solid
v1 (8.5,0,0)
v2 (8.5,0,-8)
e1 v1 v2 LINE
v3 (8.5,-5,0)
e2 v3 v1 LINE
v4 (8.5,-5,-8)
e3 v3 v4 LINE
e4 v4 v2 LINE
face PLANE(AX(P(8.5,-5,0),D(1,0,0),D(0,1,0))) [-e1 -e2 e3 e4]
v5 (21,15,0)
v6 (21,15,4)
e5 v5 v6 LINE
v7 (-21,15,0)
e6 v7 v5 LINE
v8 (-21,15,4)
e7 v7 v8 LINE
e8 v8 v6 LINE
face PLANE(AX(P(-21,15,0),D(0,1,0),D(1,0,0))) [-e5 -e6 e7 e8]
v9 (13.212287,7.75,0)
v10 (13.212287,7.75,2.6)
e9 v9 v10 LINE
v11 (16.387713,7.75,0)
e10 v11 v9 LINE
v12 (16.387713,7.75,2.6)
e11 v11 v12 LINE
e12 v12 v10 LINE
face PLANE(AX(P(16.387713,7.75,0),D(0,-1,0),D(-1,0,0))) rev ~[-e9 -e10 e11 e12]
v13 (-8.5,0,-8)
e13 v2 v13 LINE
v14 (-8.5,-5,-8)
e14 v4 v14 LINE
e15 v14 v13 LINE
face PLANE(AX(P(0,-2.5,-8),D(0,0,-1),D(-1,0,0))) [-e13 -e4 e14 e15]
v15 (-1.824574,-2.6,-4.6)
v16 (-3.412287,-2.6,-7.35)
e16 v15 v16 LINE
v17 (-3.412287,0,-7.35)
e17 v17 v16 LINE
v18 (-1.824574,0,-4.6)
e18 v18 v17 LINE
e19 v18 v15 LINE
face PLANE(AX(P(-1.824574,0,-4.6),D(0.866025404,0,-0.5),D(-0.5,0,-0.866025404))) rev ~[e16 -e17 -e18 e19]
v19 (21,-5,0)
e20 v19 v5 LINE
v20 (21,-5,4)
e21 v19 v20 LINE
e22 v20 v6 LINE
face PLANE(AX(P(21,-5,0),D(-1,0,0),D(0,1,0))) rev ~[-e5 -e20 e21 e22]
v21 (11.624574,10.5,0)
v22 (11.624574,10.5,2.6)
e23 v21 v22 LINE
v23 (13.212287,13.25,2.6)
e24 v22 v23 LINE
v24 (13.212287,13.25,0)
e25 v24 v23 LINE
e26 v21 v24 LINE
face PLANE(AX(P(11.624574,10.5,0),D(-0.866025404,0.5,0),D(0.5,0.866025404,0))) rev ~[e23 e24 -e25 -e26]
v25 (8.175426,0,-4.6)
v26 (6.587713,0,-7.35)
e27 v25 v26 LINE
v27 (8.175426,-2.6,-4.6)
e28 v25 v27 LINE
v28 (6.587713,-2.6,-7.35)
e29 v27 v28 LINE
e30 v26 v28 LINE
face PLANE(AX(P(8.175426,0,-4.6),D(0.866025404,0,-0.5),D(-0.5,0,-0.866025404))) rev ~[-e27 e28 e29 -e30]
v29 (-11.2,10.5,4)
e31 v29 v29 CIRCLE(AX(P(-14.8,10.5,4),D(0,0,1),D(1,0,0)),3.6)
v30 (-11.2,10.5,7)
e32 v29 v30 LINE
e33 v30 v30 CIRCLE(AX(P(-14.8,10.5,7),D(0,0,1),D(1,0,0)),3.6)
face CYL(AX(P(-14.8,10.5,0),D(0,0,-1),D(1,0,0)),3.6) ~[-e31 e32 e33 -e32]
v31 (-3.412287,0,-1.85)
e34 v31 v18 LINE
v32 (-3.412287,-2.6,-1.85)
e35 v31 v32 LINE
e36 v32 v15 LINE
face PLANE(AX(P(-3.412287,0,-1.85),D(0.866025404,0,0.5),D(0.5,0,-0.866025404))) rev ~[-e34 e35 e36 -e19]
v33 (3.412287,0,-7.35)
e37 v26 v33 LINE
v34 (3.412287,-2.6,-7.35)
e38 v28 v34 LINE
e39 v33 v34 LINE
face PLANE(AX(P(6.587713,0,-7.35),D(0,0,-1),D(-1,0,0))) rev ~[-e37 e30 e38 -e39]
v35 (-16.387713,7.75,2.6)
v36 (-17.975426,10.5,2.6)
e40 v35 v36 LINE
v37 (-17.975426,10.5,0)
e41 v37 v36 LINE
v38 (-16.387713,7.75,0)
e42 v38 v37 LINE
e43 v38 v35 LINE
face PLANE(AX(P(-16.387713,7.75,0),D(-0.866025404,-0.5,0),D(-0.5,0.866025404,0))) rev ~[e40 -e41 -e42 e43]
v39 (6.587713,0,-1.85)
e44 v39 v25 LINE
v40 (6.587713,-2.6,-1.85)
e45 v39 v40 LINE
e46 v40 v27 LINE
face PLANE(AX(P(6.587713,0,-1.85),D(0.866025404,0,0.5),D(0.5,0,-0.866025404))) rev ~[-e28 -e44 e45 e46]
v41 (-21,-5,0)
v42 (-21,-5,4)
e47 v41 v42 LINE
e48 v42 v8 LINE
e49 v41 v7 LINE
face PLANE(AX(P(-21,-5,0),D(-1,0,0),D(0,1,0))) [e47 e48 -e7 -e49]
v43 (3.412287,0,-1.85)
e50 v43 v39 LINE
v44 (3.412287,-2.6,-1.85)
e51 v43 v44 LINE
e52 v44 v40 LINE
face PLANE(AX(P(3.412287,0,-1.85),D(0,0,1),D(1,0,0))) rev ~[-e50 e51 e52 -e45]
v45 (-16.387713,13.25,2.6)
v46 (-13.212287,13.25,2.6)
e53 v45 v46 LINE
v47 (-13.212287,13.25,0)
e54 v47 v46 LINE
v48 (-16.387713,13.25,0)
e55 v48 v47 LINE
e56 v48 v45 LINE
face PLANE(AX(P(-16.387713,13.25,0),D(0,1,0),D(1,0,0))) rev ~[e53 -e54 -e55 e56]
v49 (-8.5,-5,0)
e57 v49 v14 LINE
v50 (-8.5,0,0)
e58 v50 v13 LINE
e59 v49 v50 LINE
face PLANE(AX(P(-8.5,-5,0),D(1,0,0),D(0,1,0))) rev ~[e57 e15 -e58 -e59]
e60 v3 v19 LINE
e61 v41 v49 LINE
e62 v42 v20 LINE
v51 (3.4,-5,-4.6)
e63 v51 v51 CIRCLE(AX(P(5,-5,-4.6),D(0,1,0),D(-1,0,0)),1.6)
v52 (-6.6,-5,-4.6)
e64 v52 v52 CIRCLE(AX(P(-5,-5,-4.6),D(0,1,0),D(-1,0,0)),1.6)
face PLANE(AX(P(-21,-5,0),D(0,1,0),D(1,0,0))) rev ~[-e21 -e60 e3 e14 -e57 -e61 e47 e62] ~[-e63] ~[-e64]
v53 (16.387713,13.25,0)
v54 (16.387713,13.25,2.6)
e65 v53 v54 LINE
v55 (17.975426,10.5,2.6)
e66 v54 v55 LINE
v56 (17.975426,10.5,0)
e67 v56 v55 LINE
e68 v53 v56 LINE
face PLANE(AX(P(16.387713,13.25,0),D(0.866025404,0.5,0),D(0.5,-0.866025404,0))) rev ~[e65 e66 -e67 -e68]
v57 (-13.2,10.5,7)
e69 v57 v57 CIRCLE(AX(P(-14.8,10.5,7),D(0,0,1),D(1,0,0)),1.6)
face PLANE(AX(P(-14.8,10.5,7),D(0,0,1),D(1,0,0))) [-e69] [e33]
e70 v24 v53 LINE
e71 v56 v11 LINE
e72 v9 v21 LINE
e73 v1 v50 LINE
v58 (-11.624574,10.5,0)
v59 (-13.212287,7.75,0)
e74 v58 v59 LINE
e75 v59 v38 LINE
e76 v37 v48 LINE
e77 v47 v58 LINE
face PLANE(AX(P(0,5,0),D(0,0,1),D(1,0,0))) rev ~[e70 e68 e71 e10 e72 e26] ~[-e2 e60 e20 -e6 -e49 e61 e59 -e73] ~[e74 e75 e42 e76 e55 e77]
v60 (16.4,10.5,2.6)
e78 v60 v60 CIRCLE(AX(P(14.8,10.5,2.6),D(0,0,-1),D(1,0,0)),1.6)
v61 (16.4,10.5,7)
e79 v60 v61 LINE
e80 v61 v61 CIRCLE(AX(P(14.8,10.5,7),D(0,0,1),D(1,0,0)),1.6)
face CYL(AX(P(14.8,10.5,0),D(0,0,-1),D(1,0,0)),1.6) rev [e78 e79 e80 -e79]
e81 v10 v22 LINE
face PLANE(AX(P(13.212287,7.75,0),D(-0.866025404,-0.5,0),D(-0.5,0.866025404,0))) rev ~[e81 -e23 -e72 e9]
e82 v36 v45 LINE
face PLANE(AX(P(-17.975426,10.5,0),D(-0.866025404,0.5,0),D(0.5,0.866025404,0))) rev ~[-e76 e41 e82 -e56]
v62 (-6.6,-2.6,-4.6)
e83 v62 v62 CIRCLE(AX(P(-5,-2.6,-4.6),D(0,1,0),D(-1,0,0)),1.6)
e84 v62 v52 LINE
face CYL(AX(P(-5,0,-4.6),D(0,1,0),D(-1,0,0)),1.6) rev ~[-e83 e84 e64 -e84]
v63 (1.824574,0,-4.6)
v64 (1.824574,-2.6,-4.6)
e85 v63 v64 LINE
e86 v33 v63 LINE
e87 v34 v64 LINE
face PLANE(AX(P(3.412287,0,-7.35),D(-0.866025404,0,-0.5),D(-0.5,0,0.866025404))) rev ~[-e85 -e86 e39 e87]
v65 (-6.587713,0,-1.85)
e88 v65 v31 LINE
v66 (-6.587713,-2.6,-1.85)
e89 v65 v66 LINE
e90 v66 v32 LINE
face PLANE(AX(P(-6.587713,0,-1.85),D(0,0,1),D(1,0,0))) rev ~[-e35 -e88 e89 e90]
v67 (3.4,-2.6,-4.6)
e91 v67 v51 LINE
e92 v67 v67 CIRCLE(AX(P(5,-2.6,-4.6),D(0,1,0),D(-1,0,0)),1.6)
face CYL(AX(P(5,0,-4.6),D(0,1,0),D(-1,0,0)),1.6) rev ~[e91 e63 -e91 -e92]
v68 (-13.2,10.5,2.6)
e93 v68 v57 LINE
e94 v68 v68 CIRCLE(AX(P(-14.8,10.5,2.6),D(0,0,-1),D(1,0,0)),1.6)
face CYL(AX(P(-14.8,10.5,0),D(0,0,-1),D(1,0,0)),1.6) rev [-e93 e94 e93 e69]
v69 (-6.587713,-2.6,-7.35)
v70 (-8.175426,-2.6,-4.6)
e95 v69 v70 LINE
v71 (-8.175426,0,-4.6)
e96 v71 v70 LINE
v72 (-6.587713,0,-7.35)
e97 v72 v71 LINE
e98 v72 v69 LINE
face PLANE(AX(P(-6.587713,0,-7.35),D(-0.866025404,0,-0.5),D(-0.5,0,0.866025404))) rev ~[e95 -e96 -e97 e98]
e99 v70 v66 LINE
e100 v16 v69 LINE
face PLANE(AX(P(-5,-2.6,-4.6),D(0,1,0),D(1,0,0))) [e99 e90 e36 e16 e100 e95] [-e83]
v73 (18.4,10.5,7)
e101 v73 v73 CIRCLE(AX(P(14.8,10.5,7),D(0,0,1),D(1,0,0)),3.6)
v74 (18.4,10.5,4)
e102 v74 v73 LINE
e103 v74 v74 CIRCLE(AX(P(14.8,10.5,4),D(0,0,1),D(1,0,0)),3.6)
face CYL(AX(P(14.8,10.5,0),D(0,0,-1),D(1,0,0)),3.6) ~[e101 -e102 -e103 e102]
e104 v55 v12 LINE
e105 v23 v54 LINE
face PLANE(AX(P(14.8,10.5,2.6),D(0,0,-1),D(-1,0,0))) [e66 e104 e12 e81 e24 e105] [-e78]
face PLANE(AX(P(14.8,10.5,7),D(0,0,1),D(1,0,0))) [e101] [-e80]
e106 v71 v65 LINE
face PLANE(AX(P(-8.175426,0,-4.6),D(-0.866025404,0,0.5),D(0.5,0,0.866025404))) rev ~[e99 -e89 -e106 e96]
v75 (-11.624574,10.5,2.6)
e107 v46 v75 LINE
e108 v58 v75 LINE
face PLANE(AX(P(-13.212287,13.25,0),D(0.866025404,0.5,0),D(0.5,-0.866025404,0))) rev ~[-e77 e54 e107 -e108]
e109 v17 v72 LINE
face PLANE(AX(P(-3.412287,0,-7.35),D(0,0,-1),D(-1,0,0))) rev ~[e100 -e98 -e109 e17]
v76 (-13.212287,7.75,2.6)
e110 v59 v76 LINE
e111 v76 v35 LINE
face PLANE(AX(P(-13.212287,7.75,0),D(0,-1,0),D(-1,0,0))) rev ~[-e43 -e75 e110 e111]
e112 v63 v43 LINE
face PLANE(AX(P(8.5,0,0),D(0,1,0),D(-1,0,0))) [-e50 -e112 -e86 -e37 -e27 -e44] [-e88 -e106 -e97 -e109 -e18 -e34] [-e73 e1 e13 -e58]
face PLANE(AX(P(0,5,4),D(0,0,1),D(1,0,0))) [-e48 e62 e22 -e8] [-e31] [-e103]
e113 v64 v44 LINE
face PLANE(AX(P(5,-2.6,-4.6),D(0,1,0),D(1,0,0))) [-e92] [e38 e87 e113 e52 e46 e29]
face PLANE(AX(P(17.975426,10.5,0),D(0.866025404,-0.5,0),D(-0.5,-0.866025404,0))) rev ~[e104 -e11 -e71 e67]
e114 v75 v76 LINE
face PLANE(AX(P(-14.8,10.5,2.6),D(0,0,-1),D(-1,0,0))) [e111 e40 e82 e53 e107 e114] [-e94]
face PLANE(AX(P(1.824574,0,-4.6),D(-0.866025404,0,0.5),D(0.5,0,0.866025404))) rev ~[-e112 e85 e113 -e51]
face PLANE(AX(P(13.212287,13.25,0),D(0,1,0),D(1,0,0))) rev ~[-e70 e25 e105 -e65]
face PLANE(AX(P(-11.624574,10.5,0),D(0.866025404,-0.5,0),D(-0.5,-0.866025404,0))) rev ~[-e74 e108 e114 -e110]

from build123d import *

# Parameters (mm, degrees)
SKETCH_1_W          = 42
SKETCH_1_H          = 20
SKETCH_1_R          = 3.6
EXTRUDE_1_DEPTH     = 4
SKETCH_1_3_R        = 3.6
SKETCH_1_3_R_2      = 1.6
EXTRUDE_2_DEPTH     = 7
CUT_EXTRUDE_3_DEPTH = 2.6
SKETCH_7_W          = 17
SKETCH_7_H          = 5
EXTRUDE_4_DEPTH     = 8
SKETCH_8_R          = 1.6
CUT_EXTRUDE_4_DEPTH = 6.6
CUT_EXTRUDE_5_DEPTH = 2.6


with BuildPart() as part:
    # 草图1 → 凸台-拉伸1 (new body)
    with BuildSketch(Plane.XY):
        with Locations((0, 5)):
            Rectangle(SKETCH_1_W, SKETCH_1_H)
        with Locations((14.8, 10.5)):
            Circle(SKETCH_1_R, mode=Mode.SUBTRACT)
        with Locations((-14.8, 10.5)):
            Circle(SKETCH_1_R, mode=Mode.SUBTRACT)
    extrude(amount=EXTRUDE_1_DEPTH)

    # 草图1<3> → 凸台-拉伸2 (add)
    # profile 1 of 2: a face of its own
    with BuildSketch(Plane.XY):
        with Locations((-14.8, 10.5)):
            Circle(SKETCH_1_3_R)
        with Locations((-14.8, 10.5)):
            Circle(SKETCH_1_3_R_2, mode=Mode.SUBTRACT)
    # profile 2 of 2: a face of its own
    with BuildSketch(Plane.XY):
        with Locations((14.8, 10.5)):
            Circle(SKETCH_1_3_R)
        with Locations((14.8, 10.5)):
            Circle(SKETCH_1_3_R_2, mode=Mode.SUBTRACT)
    extrude(amount=EXTRUDE_2_DEPTH)

    # 草图6 → 切除-拉伸3 (cut)
    with BuildSketch(Plane(origin=(0, 0, 0), x_dir=(-1, 0, 0), z_dir=(0, 0, -1))):
        Polygon((-11.624573519, 10.5), (-13.21228676, 13.25), (-16.38771324, 13.25), (-17.975426481, 10.5), (-16.38771324, 7.75), (-13.21228676, 7.75), align=None)
        Polygon((17.975426481, 10.5), (16.38771324, 13.25), (13.21228676, 13.25), (11.624573519, 10.5), (13.21228676, 7.75), (16.38771324, 7.75), align=None)
    extrude(amount=-CUT_EXTRUDE_3_DEPTH, mode=Mode.SUBTRACT)

    # 草图7 → 凸台-拉伸4 (add)
    with BuildSketch(Plane(origin=(0, 0, 0), x_dir=(-1, 0, 0), z_dir=(0, 0, -1))):
        with Locations((0, -2.5)):
            Rectangle(SKETCH_7_W, SKETCH_7_H)
    extrude(amount=EXTRUDE_4_DEPTH)

    # 草图8 → 切除-拉伸4 (cut)
    with BuildSketch(Plane(origin=(0, 0, 0), x_dir=(1, 0, 0), z_dir=(0, 1, 0))):
        with Locations((-5, 4.6)):
            Circle(SKETCH_8_R)
        with Locations((5, 4.6)):
            Circle(SKETCH_8_R)
    extrude(amount=-CUT_EXTRUDE_4_DEPTH, mode=Mode.SUBTRACT)

    # 草图9 → 切除-拉伸5 (cut)
    with BuildSketch(Plane(origin=(0, 0, 0), x_dir=(1, 0, 0), z_dir=(0, 1, 0))):
        Polygon((1.824573519, 4.6), (3.41228676, 1.85), (6.58771324, 1.85), (8.175426481, 4.6), (6.58771324, 7.35), (3.41228676, 7.35), align=None)
        Polygon((-8.175426481, 4.6), (-6.58771324, 1.85), (-3.41228676, 1.85), (-1.824573519, 4.6), (-3.41228676, 7.35), (-6.58771324, 7.35), align=None)
    extrude(amount=-CUT_EXTRUDE_5_DEPTH, mode=Mode.SUBTRACT)


solid = part.part
